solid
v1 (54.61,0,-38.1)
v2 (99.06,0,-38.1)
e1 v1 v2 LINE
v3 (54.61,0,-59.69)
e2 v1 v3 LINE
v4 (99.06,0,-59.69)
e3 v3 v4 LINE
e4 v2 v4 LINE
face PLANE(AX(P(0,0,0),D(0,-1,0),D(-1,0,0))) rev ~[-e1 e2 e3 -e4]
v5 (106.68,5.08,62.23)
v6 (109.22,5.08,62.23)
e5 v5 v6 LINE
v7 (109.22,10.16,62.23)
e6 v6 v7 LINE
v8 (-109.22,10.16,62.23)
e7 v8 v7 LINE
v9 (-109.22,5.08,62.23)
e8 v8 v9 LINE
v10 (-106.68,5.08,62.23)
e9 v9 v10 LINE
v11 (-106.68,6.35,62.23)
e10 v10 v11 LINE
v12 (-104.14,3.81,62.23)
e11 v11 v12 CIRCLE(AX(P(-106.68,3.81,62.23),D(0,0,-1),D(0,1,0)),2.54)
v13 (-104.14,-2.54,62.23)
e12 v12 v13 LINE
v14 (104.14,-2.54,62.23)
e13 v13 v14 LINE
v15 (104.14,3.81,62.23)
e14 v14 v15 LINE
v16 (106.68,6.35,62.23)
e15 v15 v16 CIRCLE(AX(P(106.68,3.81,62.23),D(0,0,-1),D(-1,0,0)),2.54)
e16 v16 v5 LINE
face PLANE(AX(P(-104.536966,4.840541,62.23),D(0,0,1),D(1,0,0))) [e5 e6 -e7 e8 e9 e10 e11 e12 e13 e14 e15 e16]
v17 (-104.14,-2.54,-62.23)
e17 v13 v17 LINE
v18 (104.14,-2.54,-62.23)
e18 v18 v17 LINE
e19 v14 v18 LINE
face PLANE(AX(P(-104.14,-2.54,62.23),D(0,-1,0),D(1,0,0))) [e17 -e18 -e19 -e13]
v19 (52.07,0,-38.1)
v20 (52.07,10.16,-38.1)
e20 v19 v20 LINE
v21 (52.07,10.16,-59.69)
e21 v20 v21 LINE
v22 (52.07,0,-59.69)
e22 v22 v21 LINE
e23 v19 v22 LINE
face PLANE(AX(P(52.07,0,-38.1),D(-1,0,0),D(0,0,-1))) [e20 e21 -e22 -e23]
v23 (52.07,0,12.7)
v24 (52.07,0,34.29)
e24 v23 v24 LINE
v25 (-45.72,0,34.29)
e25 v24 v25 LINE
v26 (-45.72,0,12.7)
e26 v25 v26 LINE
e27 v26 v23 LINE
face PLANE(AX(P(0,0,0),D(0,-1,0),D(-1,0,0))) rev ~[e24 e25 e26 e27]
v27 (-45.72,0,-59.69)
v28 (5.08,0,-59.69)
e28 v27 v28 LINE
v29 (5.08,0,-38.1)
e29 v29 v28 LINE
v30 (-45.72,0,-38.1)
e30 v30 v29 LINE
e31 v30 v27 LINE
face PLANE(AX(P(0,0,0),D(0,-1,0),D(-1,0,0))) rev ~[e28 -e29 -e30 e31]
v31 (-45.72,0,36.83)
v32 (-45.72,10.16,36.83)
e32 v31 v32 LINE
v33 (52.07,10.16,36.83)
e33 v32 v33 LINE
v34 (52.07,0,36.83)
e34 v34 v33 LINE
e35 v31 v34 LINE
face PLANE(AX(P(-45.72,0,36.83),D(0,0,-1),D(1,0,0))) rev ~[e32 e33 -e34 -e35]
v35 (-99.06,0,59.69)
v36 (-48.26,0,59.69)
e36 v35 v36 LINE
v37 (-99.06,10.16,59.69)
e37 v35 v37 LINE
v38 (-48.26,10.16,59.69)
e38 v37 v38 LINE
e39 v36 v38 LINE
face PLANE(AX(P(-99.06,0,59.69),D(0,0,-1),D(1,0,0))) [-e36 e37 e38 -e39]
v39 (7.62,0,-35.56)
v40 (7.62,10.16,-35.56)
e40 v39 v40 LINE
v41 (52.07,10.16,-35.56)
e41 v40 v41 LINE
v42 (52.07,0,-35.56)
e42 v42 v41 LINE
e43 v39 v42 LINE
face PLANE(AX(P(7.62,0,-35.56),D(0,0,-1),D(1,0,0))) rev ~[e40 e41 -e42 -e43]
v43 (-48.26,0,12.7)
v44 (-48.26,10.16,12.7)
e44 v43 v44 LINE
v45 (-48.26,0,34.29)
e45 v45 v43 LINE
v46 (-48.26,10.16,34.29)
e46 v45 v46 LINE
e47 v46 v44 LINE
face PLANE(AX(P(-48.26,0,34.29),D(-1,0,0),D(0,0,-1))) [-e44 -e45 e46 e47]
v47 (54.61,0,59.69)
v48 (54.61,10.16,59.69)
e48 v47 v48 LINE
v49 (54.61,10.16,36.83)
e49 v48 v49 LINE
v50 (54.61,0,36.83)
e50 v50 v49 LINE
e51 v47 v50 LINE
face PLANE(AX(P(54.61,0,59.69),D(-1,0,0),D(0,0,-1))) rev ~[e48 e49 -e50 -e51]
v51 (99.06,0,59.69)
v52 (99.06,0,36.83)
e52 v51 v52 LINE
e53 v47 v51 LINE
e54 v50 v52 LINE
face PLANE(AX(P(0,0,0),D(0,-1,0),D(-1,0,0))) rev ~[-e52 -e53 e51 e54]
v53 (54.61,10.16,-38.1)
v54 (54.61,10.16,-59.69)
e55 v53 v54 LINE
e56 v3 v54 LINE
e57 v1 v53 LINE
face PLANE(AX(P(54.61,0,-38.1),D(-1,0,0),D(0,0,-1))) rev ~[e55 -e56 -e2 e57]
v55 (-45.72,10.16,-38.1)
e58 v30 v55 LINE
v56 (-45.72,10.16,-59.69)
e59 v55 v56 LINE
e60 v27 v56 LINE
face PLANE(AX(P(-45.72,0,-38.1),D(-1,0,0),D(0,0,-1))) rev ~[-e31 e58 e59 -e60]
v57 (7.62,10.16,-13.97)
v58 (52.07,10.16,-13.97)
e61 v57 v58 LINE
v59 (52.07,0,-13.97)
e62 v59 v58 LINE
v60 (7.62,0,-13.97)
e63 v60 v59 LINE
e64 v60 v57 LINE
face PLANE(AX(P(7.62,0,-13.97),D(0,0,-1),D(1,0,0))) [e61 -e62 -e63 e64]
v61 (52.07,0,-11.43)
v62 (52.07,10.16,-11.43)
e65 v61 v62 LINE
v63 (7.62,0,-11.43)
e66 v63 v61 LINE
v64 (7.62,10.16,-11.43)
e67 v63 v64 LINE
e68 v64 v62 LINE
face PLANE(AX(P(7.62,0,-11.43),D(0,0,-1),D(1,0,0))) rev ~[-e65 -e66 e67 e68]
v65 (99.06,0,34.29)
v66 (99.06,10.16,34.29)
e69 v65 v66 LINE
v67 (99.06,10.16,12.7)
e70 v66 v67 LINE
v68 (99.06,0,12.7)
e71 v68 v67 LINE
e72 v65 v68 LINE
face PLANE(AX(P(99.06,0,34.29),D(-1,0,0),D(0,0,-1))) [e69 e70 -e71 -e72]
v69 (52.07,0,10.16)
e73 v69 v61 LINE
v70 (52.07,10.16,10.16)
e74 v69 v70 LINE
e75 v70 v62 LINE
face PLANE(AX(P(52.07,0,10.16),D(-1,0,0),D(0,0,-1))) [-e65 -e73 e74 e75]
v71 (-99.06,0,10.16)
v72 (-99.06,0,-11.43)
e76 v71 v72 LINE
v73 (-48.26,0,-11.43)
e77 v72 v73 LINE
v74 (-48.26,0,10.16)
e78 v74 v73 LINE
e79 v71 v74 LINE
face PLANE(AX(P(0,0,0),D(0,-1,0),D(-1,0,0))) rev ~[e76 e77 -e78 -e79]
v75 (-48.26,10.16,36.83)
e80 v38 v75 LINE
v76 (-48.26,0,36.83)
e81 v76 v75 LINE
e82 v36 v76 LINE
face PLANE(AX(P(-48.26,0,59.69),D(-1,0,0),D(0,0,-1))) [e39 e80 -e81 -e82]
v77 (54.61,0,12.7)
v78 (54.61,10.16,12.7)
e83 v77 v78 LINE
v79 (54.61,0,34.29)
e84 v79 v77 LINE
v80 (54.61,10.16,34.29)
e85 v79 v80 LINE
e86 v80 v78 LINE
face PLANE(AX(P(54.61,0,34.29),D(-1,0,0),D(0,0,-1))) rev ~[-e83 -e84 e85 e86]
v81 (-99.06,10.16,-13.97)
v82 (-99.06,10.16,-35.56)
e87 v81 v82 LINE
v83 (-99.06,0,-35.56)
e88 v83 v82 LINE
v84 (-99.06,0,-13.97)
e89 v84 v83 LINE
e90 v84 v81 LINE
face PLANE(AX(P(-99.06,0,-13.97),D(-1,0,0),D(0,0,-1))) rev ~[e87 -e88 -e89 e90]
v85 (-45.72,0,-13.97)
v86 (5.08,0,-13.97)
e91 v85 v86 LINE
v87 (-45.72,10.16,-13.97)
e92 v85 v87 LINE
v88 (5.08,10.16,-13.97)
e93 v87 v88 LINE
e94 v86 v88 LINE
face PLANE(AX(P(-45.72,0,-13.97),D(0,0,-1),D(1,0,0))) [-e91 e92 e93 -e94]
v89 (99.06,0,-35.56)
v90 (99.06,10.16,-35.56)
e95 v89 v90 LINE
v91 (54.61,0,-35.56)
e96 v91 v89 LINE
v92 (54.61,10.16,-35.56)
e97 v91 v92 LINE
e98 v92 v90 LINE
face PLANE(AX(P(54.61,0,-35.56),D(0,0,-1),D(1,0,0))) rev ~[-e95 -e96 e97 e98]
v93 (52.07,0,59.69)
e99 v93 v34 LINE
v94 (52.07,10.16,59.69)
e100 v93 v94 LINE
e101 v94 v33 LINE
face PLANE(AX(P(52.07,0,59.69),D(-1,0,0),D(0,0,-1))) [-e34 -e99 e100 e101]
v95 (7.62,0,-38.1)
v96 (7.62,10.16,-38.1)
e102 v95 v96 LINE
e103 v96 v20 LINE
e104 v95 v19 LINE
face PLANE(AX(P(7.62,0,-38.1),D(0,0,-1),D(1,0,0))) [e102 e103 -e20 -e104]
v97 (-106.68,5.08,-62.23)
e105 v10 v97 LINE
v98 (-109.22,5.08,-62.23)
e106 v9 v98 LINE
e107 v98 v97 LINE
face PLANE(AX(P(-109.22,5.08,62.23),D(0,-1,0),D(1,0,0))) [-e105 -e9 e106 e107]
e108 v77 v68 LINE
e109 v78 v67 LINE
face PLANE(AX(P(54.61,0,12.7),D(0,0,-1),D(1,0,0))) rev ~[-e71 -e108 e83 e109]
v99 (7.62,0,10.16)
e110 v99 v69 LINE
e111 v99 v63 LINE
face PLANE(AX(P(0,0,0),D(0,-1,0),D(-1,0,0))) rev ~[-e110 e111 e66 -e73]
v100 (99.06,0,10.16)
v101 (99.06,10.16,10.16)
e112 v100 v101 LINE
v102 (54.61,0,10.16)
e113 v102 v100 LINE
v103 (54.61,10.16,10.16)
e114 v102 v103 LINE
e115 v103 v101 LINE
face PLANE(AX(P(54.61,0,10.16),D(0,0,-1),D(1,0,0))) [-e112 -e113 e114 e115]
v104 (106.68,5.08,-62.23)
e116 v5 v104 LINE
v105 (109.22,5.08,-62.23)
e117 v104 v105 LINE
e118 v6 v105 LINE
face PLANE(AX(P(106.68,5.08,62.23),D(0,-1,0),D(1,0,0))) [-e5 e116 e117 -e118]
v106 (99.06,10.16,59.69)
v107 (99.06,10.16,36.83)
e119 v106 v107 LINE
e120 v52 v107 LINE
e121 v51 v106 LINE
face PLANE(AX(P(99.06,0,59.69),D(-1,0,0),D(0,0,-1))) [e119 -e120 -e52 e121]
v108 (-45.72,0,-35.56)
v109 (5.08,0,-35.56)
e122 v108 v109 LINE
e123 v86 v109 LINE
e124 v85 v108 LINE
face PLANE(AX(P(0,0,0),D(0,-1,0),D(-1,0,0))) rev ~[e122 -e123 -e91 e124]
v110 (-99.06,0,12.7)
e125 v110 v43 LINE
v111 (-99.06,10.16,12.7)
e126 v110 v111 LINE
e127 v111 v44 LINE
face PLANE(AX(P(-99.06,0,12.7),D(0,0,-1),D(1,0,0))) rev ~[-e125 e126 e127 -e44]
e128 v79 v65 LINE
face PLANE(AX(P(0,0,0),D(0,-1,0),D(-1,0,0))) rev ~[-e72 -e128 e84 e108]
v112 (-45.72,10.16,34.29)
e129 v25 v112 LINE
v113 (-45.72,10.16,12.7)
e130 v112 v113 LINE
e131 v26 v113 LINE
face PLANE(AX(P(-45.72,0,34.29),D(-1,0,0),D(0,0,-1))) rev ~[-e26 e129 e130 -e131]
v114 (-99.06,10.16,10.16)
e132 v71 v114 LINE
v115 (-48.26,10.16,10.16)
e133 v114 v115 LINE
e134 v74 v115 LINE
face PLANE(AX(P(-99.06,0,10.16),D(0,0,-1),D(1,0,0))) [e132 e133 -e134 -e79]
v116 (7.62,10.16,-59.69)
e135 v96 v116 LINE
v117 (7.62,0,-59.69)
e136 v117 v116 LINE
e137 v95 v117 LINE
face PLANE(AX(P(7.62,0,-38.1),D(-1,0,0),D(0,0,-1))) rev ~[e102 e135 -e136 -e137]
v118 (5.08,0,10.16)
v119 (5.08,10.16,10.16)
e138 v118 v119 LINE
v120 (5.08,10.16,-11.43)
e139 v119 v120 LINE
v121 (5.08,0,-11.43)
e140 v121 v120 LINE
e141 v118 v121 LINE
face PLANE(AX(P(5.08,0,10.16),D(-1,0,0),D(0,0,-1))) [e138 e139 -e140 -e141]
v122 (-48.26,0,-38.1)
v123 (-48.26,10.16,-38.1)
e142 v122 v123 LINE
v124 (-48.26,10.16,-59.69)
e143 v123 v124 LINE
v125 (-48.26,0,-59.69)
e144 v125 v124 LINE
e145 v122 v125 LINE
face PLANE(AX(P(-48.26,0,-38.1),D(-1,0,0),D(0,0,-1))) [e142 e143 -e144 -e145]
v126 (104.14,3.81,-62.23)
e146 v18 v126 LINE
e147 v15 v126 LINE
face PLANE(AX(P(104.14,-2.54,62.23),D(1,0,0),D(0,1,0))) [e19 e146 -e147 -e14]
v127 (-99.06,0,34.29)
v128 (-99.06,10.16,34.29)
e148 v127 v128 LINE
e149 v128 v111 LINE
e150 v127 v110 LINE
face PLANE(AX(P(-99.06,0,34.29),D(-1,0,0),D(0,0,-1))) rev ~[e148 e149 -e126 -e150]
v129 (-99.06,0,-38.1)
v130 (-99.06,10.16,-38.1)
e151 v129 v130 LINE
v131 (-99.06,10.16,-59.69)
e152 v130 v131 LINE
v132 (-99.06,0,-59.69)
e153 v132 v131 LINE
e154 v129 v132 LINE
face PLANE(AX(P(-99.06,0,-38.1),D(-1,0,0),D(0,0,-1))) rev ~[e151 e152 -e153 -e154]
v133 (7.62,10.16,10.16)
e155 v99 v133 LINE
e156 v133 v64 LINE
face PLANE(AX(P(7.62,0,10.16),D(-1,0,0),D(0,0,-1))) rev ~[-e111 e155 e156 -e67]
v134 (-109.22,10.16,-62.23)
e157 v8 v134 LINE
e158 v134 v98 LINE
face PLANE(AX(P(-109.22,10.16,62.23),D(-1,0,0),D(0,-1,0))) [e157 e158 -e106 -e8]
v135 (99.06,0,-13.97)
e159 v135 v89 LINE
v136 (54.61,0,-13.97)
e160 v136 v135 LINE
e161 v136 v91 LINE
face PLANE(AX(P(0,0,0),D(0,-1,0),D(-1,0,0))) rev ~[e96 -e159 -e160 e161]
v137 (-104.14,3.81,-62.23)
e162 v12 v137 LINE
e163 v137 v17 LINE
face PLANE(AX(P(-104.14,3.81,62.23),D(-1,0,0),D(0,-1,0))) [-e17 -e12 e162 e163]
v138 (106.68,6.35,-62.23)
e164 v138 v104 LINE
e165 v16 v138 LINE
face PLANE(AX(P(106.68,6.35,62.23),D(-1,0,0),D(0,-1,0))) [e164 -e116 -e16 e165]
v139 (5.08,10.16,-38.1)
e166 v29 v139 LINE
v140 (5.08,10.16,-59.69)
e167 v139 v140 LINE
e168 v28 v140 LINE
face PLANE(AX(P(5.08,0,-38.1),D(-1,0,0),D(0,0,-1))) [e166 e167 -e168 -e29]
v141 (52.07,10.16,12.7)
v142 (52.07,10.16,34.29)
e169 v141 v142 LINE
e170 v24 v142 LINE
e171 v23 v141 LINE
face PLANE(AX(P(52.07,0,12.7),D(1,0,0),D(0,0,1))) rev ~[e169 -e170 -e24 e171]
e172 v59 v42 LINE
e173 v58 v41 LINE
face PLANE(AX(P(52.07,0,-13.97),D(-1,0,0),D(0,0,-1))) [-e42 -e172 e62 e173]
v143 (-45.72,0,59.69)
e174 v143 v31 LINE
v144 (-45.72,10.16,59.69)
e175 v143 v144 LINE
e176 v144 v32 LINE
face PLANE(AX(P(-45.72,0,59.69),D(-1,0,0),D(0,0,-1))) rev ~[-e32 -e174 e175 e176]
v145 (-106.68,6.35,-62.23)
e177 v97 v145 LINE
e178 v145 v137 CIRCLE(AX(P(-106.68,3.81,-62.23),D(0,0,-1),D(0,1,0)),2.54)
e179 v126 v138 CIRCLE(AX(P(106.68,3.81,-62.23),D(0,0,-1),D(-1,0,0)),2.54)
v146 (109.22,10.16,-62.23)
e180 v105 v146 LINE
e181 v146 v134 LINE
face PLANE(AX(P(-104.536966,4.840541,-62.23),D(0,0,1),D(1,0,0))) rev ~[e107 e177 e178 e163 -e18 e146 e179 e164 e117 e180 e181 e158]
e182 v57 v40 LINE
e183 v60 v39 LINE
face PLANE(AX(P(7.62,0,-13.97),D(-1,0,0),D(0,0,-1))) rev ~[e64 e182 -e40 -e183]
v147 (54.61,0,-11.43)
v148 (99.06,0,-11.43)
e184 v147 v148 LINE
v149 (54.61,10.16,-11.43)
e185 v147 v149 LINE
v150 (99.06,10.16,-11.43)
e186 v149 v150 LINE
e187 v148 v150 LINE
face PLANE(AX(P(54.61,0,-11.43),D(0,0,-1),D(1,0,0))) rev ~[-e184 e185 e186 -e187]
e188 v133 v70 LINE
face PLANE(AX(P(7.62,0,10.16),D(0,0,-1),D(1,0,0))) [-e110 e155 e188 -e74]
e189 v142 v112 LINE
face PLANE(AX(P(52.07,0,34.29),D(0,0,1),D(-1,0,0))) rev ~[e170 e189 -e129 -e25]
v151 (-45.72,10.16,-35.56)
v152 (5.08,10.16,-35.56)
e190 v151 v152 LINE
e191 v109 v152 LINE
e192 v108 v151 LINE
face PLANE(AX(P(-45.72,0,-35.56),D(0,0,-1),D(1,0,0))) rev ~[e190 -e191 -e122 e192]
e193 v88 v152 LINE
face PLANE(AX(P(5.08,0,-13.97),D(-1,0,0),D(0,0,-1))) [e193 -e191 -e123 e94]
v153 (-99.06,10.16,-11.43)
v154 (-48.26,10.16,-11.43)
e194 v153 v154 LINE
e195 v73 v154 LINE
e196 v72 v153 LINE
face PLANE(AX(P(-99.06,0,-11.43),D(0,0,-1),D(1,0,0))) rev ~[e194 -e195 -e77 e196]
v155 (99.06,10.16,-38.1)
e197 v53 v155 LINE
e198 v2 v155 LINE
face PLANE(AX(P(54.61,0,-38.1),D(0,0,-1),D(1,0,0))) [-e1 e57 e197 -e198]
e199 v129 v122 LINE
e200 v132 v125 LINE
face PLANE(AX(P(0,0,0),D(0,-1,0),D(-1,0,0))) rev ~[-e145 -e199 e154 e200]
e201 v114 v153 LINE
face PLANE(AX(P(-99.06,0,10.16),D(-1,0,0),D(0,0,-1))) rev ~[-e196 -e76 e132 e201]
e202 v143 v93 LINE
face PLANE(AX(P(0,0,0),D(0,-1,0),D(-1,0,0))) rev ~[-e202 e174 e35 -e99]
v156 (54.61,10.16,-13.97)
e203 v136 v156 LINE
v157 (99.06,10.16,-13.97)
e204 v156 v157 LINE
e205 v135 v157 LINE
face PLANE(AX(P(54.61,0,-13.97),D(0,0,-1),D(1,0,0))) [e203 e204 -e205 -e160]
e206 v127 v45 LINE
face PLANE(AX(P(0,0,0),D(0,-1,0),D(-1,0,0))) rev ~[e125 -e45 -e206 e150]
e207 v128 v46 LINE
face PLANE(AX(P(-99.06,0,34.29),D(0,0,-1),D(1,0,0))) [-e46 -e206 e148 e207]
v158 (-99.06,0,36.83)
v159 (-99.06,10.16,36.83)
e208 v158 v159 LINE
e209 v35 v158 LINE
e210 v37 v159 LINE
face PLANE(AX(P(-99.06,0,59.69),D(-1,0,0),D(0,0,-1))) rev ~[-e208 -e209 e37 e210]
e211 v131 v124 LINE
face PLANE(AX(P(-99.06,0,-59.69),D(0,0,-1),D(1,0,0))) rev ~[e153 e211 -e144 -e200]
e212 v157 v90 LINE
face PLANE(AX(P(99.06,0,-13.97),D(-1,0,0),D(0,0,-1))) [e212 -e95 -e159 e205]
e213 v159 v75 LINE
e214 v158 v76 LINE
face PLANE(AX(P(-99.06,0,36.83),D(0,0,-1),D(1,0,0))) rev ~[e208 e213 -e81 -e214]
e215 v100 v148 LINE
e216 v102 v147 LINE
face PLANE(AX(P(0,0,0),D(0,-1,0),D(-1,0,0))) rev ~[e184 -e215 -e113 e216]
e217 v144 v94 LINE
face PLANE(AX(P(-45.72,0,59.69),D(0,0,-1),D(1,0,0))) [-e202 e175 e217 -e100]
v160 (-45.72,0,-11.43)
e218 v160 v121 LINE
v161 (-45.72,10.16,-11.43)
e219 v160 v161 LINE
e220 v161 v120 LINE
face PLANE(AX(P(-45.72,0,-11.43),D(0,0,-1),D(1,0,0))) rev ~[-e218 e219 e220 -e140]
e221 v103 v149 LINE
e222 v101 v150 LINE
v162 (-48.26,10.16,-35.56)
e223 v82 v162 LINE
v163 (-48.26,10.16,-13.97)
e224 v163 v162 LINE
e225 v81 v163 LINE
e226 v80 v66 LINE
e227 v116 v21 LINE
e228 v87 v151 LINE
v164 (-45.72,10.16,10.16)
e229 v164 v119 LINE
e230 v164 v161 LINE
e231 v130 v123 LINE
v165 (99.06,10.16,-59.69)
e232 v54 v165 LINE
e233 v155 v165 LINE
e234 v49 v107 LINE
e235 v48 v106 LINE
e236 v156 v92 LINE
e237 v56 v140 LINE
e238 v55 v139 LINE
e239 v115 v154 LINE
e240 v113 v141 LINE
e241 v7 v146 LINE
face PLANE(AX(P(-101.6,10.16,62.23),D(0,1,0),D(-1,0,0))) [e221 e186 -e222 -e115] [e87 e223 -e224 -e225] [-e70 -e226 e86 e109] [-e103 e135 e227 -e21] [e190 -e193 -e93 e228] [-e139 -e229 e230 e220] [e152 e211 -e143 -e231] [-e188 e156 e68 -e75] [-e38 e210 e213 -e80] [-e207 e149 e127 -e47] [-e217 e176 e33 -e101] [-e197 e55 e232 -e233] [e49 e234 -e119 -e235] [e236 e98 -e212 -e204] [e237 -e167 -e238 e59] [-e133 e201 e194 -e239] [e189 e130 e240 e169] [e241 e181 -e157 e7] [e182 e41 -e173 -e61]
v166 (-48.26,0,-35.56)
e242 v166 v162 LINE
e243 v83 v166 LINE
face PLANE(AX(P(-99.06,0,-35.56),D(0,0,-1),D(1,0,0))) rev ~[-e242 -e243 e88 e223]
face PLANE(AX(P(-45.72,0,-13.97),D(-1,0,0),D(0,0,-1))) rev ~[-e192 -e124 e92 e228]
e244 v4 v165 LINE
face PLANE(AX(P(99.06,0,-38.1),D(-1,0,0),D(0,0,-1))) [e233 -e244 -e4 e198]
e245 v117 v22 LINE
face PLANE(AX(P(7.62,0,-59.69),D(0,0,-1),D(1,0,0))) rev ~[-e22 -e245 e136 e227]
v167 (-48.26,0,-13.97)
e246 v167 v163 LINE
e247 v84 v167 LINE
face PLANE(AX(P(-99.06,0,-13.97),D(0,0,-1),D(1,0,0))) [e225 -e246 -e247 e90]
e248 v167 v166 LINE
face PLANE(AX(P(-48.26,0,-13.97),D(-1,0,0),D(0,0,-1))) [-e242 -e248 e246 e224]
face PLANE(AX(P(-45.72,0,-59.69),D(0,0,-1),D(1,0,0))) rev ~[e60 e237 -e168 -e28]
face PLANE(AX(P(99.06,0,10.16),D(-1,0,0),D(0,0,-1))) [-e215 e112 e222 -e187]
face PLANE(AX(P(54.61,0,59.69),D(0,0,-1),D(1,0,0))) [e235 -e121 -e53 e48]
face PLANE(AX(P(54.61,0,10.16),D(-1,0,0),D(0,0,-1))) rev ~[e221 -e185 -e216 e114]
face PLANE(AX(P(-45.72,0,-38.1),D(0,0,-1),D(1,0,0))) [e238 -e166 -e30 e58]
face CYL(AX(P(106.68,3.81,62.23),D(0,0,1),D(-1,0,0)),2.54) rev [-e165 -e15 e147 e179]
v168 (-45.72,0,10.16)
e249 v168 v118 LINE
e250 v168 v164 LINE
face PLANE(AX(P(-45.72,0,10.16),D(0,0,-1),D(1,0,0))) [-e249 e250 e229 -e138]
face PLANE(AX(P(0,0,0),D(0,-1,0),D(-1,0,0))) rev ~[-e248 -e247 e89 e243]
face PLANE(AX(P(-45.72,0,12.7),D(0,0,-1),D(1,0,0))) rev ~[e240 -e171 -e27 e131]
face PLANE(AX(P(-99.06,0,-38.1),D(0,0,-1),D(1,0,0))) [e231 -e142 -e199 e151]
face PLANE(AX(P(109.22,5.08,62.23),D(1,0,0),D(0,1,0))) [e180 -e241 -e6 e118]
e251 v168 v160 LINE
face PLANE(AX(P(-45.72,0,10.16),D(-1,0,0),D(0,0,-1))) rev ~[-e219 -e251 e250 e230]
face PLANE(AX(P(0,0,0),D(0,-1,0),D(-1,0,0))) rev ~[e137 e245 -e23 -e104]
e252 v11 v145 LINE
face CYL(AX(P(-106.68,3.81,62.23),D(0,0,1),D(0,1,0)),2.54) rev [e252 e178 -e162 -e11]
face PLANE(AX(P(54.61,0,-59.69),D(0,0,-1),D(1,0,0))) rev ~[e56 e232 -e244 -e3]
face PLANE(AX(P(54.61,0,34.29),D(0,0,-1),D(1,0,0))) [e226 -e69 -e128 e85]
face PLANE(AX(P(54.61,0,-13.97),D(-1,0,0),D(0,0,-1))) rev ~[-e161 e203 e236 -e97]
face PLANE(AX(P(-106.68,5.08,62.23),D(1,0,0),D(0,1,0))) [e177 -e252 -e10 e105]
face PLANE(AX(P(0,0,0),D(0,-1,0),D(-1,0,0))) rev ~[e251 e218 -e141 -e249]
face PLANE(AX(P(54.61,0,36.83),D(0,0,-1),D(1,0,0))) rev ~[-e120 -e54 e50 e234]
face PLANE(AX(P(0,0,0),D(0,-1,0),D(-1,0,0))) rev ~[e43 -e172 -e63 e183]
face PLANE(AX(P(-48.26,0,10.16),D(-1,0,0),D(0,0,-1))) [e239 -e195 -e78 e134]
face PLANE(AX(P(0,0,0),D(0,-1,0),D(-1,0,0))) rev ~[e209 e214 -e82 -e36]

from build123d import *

# Parameters (mm, degrees)
SKETCH1_W    = 203.2
SKETCH1_H    = 124.46
SKETCH1_W_2  = 50.8
SKETCH1_H_2  = 22.86
SKETCH1_H_3  = 21.59
SKETCH1_W_3  = 97.79
SKETCH1_W_4  = 44.45
TRAY_DEPTH   = 10.16
SKETCH3_W    = 203.2
SKETCH3_H    = 124.46
BASE_DEPTH   = 2.54
HANDLE_DEPTH = 124.46


with BuildPart() as part:
    # Sketch1 → tray (new body)
    with BuildSketch(Plane(origin=(0, 0, 0), x_dir=(1, 0, 0), z_dir=(0, 1, 0))):
        Rectangle(SKETCH1_W, SKETCH1_H)
        with Locations((-73.66, -48.26)):
            Rectangle(SKETCH1_W_2, SKETCH1_H_2, mode=Mode.SUBTRACT)
        with Locations((-73.66, -23.495)):
            Rectangle(SKETCH1_W_2, SKETCH1_H_3, mode=Mode.SUBTRACT)
        with Locations((3.175, -48.26)):
            Rectangle(SKETCH1_W_3, SKETCH1_H_2, mode=Mode.SUBTRACT)
        with Locations((76.835, -48.26)):
            Rectangle(SKETCH1_W_4, SKETCH1_H_2, mode=Mode.SUBTRACT)
        Polygon((-45.72, -34.29), (-45.72, -12.7), (5.08, -12.7), (52.07, -12.7), (52.07, -34.29), (5.08, -34.29), align=None, mode=Mode.SUBTRACT)
        with Locations((76.835, -23.495)):
            Rectangle(SKETCH1_W_4, SKETCH1_H_3, mode=Mode.SUBTRACT)
        with Locations((-73.66, 0.635)):
            Rectangle(SKETCH1_W_2, SKETCH1_H_3, mode=Mode.SUBTRACT)
        with Locations((-73.66, 24.765)):
            Rectangle(SKETCH1_W_2, SKETCH1_H_3, mode=Mode.SUBTRACT)
        with Locations((-20.32, 0.635)):
            Rectangle(SKETCH1_W_2, SKETCH1_H_3, mode=Mode.SUBTRACT)
        with Locations((-20.32, 24.765)):
            Rectangle(SKETCH1_W_2, SKETCH1_H_3, mode=Mode.SUBTRACT)
        with Locations((-73.66, 48.895)):
            Rectangle(SKETCH1_W_2, SKETCH1_H_3, mode=Mode.SUBTRACT)
        with Locations((-20.32, 48.895)):
            Rectangle(SKETCH1_W_2, SKETCH1_H_3, mode=Mode.SUBTRACT)
        with Locations((29.845, 0.635)):
            Rectangle(SKETCH1_W_4, SKETCH1_H_3, mode=Mode.SUBTRACT)
        with Locations((29.845, 24.765)):
            Rectangle(SKETCH1_W_4, SKETCH1_H_3, mode=Mode.SUBTRACT)
        with Locations((76.835, 0.635)):
            Rectangle(SKETCH1_W_4, SKETCH1_H_3, mode=Mode.SUBTRACT)
        with Locations((76.835, 24.765)):
            Rectangle(SKETCH1_W_4, SKETCH1_H_3, mode=Mode.SUBTRACT)
        with Locations((29.845, 48.895)):
            Rectangle(SKETCH1_W_4, SKETCH1_H_3, mode=Mode.SUBTRACT)
        with Locations((76.835, 48.895)):
            Rectangle(SKETCH1_W_4, SKETCH1_H_3, mode=Mode.SUBTRACT)
    extrude(amount=TRAY_DEPTH)

    # Sketch3 → base (add)
    with BuildSketch(Plane(origin=(0, 0, 0), x_dir=(-1, 0, 0), z_dir=(0, -1, 0))):
        Rectangle(SKETCH3_W, SKETCH3_H)
    extrude(amount=BASE_DEPTH)

    # Sketch4 → handle (add)
    with BuildSketch(Plane.XY.offset(62.23)):
        with BuildLine():
            Line((-101.6, -2.54), (-101.6, 10.16))
            Line((-101.6, 10.16), (-109.22, 10.16))
            Line((-109.22, 10.16), (-109.22, 5.08))
            Line((-109.22, 5.08), (-106.68, 5.08))
            Line((-106.68, 5.08), (-106.68, 6.35))
            ThreePointArc((-106.68, 6.35), (-104.883948776, 5.606051224), (-104.14, 3.81))
            Line((-104.14, 3.81), (-104.14, -2.54))
            Line((-104.14, -2.54), (-101.6, -2.54))
        make_face()
        with BuildLine():
            Line((101.6, -2.54), (104.14, -2.54))
            Line((104.14, -2.54), (104.14, 3.81))
            ThreePointArc((104.14, 3.81), (104.883948776, 5.606051224), (106.68, 6.35))
            Line((106.68, 6.35), (106.68, 5.08))
            Line((106.68, 5.08), (109.22, 5.08))
            Line((109.22, 5.08), (109.22, 10.16))
            Line((109.22, 10.16), (101.6, 10.16))
            Line((101.6, 10.16), (101.6, -2.54))
        make_face()
    extrude(amount=-HANDLE_DEPTH)


solid = part.part
